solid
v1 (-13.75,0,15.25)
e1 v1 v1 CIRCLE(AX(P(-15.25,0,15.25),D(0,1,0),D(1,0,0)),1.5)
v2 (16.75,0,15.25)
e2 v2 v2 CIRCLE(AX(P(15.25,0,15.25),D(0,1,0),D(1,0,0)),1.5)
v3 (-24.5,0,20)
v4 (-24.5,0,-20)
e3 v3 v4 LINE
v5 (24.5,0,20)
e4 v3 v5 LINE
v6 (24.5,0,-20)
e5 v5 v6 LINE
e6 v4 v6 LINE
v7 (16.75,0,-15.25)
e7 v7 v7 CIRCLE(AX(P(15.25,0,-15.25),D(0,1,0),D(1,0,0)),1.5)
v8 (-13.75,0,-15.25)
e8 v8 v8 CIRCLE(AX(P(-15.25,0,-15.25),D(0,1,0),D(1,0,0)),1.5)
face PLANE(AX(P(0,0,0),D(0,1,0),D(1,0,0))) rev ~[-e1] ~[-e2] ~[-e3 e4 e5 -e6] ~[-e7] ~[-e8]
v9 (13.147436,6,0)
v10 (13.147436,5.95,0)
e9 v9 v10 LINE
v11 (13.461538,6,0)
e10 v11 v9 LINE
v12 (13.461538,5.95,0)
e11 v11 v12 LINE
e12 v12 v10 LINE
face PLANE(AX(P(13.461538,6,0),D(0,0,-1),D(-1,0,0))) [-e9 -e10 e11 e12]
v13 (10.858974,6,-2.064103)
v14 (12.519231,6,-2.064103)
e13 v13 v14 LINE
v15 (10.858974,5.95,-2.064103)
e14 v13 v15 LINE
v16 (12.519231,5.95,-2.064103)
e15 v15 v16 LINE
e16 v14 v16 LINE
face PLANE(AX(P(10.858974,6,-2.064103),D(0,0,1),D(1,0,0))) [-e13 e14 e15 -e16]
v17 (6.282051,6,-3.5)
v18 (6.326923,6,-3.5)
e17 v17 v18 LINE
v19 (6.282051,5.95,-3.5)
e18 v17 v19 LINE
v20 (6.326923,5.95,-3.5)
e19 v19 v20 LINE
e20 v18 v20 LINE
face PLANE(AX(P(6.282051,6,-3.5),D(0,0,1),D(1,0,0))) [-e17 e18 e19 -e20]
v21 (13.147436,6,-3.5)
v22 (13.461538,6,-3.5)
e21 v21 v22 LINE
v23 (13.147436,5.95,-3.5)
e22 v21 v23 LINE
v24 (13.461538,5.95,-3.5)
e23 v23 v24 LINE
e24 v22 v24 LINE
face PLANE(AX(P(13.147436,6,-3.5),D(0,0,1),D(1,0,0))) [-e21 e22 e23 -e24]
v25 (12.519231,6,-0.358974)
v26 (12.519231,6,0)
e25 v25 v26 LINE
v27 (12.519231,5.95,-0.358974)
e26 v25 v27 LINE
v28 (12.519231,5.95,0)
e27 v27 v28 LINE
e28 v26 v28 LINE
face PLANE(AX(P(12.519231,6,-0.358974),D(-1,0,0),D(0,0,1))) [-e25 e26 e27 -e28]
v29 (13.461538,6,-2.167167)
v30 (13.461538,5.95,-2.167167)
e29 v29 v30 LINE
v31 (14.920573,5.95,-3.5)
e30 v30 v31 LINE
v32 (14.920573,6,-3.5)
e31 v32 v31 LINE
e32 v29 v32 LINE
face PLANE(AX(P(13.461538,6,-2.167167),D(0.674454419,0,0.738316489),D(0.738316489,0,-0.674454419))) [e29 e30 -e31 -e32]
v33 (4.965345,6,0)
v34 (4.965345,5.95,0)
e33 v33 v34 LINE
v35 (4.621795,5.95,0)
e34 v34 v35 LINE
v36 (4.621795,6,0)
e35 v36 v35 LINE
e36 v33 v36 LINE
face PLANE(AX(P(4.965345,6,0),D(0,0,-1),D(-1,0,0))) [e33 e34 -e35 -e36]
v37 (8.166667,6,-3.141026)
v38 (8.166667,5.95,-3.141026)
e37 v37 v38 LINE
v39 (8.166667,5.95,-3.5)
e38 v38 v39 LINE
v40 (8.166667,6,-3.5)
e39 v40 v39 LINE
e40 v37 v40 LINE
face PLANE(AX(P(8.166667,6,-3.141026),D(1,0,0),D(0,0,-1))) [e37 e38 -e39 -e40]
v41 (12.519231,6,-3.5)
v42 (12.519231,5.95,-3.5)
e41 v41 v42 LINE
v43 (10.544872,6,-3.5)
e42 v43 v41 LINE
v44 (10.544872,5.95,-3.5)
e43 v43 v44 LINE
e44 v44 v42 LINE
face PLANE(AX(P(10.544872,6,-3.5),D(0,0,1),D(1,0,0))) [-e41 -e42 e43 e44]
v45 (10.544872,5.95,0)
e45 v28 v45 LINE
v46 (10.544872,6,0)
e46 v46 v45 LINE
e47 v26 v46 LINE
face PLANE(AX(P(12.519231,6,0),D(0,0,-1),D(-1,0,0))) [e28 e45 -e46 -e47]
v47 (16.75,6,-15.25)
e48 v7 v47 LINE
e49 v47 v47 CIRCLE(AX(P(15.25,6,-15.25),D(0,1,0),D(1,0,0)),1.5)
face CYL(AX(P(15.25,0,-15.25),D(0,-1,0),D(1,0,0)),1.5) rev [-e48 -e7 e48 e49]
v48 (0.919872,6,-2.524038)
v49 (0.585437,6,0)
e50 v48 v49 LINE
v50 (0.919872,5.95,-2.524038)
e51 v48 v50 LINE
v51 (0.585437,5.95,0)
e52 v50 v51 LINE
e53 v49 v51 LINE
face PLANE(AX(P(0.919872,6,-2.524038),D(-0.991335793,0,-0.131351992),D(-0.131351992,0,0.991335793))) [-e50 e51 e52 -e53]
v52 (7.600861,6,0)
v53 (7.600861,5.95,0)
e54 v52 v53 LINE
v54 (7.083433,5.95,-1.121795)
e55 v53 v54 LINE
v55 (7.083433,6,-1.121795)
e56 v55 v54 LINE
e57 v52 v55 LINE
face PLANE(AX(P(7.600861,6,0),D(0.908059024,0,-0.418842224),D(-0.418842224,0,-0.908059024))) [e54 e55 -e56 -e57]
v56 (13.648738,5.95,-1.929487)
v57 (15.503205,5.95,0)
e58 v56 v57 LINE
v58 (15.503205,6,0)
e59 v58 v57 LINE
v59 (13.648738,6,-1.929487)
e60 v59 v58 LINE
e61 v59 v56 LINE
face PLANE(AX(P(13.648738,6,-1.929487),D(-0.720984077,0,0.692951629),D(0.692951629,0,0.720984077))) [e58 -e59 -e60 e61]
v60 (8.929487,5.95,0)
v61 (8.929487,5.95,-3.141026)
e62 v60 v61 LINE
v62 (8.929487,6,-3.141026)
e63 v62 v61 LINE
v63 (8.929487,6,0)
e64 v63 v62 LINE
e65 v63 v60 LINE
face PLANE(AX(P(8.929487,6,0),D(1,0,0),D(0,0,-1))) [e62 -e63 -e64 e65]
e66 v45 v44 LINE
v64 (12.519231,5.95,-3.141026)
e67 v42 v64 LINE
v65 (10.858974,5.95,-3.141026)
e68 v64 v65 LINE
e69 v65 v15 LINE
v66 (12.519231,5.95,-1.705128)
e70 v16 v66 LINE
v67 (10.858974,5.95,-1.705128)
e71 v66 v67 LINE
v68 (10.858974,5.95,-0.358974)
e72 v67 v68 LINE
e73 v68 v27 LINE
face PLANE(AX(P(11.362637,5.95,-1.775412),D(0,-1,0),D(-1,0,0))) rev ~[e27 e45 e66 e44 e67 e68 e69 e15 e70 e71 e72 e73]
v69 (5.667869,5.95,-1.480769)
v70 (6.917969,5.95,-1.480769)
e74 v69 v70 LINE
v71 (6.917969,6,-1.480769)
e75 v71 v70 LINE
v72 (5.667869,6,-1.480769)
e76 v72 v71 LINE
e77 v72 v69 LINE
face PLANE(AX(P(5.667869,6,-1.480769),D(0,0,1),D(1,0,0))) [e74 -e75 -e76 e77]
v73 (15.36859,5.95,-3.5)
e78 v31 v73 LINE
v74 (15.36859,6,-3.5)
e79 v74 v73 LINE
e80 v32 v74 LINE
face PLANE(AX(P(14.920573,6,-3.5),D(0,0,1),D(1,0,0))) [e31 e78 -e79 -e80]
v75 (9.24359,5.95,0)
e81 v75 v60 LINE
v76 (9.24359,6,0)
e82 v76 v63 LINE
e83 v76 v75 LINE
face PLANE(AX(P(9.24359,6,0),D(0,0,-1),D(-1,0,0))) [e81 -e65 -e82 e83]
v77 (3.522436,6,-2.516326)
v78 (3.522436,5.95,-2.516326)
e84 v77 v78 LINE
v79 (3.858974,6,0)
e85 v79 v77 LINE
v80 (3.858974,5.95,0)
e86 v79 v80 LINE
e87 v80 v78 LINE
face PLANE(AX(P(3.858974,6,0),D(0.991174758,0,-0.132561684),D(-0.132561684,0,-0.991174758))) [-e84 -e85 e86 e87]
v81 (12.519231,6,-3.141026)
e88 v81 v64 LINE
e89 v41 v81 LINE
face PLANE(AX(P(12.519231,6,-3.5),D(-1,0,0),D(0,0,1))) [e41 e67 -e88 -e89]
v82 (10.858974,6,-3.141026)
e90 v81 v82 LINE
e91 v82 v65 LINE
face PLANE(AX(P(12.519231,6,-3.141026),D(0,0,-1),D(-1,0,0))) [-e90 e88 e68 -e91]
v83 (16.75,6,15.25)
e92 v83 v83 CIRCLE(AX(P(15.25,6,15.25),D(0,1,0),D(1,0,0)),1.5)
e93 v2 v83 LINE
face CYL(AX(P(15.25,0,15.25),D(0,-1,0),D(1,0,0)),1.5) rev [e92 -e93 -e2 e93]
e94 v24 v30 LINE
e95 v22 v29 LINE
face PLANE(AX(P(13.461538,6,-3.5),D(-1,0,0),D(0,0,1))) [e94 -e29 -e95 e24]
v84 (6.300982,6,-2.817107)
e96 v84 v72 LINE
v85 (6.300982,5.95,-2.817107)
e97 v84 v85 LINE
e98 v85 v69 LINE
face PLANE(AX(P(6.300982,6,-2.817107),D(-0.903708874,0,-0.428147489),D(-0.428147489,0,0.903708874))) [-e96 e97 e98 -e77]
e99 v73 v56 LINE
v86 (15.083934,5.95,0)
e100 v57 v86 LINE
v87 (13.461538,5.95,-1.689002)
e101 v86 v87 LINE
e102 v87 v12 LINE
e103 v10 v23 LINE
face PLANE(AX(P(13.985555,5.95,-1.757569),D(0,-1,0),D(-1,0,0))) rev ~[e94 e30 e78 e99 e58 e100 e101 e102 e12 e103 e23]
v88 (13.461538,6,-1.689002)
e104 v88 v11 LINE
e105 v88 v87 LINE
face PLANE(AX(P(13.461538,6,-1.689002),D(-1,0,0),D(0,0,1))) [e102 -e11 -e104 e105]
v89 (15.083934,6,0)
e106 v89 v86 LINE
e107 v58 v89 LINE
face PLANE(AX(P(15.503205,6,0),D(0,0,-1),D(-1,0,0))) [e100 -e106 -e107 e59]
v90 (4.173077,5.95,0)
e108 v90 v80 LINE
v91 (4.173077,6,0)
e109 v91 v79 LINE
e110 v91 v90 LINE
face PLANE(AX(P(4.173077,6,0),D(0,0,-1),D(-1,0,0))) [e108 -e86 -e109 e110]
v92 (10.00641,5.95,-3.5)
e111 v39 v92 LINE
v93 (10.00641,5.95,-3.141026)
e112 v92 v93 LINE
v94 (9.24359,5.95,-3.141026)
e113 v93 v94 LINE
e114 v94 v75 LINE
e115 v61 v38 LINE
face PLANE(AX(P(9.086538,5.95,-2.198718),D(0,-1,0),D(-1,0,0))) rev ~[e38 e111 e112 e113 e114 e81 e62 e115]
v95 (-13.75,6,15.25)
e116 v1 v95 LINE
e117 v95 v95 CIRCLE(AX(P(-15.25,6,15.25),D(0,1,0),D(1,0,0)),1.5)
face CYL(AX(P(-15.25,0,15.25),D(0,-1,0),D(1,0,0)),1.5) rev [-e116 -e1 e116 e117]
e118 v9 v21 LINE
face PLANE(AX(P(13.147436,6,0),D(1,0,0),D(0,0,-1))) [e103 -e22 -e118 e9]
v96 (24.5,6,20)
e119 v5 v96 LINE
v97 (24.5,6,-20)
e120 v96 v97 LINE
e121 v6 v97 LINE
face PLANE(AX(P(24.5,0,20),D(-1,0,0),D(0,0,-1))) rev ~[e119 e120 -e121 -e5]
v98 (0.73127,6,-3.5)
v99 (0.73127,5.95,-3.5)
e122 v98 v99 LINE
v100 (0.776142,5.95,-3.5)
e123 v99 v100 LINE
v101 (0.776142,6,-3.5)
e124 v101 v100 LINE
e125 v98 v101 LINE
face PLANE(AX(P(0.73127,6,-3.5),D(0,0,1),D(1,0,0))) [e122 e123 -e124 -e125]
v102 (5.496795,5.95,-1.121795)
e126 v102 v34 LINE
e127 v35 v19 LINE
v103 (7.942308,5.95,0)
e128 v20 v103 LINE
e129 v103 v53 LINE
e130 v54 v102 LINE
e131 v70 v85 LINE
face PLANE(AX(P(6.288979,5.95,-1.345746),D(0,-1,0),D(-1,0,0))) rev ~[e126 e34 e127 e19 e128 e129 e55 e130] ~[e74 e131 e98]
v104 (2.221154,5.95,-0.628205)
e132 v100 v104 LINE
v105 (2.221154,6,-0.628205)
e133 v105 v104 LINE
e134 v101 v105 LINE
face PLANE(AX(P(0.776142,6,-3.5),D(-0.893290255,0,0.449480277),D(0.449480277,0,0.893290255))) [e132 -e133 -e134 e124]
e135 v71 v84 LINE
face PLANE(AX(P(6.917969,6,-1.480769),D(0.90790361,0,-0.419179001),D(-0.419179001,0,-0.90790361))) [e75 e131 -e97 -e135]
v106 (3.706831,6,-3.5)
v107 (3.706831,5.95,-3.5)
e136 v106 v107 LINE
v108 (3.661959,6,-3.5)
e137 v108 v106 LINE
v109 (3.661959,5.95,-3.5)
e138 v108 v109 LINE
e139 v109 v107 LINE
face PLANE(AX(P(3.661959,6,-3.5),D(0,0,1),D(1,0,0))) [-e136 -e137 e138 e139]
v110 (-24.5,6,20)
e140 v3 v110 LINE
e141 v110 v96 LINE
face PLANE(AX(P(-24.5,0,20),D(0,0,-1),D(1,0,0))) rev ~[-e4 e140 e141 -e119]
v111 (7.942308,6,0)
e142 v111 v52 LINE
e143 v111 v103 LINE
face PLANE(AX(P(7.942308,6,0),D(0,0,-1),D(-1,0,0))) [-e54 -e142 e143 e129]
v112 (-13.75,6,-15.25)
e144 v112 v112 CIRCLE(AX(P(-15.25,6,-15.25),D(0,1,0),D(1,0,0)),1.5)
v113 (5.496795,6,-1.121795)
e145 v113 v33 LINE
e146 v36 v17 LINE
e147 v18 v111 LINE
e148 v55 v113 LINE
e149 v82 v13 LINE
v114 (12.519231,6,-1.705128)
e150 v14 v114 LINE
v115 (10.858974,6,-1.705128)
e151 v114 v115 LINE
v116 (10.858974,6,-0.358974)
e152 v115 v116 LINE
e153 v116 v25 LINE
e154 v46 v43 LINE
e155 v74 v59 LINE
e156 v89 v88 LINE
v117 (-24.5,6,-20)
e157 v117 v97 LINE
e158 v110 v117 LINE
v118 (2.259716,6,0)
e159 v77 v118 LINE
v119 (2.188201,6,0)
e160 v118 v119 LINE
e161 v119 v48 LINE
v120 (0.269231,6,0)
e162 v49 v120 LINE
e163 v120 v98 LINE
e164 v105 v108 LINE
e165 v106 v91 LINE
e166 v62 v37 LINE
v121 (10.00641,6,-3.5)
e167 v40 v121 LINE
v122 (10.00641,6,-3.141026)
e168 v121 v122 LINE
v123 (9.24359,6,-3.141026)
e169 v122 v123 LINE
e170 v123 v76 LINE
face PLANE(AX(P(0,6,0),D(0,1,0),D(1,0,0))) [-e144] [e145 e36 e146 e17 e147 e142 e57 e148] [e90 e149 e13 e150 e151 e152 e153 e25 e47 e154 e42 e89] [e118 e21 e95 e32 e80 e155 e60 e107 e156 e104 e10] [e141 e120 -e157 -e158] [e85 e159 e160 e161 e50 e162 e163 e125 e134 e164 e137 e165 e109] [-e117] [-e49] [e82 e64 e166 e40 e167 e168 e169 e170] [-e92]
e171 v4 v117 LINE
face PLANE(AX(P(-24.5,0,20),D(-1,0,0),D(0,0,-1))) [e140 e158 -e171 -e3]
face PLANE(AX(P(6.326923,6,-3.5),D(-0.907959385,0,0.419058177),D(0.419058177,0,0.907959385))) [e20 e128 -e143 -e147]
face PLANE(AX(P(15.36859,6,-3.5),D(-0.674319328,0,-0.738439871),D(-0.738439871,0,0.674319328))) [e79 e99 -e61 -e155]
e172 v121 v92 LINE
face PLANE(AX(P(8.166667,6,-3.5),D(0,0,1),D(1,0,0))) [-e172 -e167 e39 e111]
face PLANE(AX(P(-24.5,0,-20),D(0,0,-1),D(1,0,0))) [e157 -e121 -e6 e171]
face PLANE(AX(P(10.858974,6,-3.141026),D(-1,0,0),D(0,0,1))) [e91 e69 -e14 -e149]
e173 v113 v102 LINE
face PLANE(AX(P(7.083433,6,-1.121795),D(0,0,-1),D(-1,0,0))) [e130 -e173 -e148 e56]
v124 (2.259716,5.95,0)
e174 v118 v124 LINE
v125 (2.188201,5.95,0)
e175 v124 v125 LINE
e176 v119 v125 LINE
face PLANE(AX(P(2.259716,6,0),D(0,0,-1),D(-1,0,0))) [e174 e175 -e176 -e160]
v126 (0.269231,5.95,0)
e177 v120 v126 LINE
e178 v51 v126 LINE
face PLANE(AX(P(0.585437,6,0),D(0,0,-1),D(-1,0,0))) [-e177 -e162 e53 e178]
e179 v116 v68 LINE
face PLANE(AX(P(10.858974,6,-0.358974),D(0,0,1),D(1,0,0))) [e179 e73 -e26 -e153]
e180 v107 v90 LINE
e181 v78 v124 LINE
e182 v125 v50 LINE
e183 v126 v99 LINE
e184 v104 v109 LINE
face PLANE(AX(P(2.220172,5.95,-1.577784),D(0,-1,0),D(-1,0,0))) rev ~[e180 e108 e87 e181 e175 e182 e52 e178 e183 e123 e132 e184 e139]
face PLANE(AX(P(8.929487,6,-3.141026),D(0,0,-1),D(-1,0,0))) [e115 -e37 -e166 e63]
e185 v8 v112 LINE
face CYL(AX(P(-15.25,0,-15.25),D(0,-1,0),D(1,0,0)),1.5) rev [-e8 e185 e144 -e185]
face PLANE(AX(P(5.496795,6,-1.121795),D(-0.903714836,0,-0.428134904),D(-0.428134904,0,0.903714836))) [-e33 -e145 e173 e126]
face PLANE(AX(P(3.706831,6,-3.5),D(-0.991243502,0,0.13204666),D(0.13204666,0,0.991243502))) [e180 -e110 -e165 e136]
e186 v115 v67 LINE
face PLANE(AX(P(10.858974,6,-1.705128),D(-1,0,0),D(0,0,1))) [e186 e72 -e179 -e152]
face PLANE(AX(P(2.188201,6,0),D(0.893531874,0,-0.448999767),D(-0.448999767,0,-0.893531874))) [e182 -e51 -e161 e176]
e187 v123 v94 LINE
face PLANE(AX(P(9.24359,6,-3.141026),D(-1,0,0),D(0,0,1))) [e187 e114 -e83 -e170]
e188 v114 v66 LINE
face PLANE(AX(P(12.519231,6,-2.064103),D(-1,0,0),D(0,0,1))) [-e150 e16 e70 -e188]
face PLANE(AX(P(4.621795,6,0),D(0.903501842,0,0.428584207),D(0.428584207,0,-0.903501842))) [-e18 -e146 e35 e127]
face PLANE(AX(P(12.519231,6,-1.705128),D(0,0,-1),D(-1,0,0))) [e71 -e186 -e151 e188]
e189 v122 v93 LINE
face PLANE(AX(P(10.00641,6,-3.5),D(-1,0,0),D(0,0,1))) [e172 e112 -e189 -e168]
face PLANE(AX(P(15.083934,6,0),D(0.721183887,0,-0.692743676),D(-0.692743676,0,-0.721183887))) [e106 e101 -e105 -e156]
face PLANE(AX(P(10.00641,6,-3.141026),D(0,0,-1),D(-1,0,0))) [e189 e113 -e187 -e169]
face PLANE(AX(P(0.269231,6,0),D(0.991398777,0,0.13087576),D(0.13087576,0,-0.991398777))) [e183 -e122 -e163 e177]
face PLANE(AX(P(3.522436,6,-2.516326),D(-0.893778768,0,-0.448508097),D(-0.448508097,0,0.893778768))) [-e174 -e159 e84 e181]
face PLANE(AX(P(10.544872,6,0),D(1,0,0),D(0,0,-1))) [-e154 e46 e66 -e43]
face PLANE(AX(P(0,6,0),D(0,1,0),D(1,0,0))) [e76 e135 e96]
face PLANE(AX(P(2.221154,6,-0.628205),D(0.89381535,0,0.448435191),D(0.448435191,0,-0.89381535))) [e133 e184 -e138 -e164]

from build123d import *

# Parameters (mm, degrees)
SKETCH1_W           = 49
SKETCH1_H           = 40
SKETCH1_R           = 1.5
BOSS_EXTRUDE1_DEPTH = 6
CUT_EXTRUDE1_DEPTH  = 0.05


with BuildPart() as part:
    # Sketch1 → Boss-Extrude1 (new body)
    with BuildSketch(Plane(origin=(0, 0, 0), x_dir=(1, 0, 0), z_dir=(0, 1, 0))):
        Rectangle(SKETCH1_W, SKETCH1_H)
        with Locations((-15.25, 15.25)):
            Circle(SKETCH1_R, mode=Mode.SUBTRACT)
        with Locations((15.25, 15.25)):
            Circle(SKETCH1_R, mode=Mode.SUBTRACT)
        with Locations((15.25, -15.25)):
            Circle(SKETCH1_R, mode=Mode.SUBTRACT)
        with Locations((-15.25, -15.25)):
            Circle(SKETCH1_R, mode=Mode.SUBTRACT)
    extrude(amount=BOSS_EXTRUDE1_DEPTH)

    # Sketch2 → Cut-Extrude1 (cut)
    with BuildSketch(Plane(origin=(0, 6, 0), x_dir=(1, 0, 0), z_dir=(0, 1, 0))):
        Polygon((0.269230769, 0), (0.731270032, 3.5), (0.776141827, 3.5), (2.221153846, 0.628205128), (3.661959135, 3.5), (3.706830929, 3.5), (4.173076923, 0), (3.858974359, 0), (3.522435897, 2.516326122), (2.259715545, 0), (2.188201122, 0), (0.919871795, 2.524038462), (0.585436699, 0), align=None)
        Polygon((6.326923077, 3.5), (7.942307692, 0), (7.600861378, 0), (7.083433494, 1.121794872), (5.496794872, 1.121794872), (4.965344551, 0), (4.621794872, 0), (6.282051282, 3.5), align=None)
        Polygon((6.300981571, 2.817107372), (5.66786859, 1.480769231), (6.91796875, 1.480769231), align=None, mode=Mode.SUBTRACT)
        Polygon((8.166666667, 3.141025641), (8.166666667, 3.5), (10.006410256, 3.5), (10.006410256, 3.141025641), (9.243589744, 3.141025641), (9.243589744, 0), (8.929487179, 0), (8.929487179, 3.141025641), align=None)
        Polygon((10.544871795, 3.5), (12.519230769, 3.5), (12.519230769, 3.141025641), (10.858974359, 3.141025641), (10.858974359, 2.064102564), (12.519230769, 2.064102564), (12.519230769, 1.705128205), (10.858974359, 1.705128205), (10.858974359, 0.358974359), (12.519230769, 0.358974359), (12.519230769, 0), (10.544871795, 0), align=None)
        Polygon((13.147435897, 3.5), (13.461538462, 3.5), (13.461538462, 2.167167468), (14.920572917, 3.5), (15.368589744, 3.5), (13.648737981, 1.929487179), (15.503205128, 0), (15.083934295, 0), (13.461538462, 1.689002404), (13.461538462, 0), (13.147435897, 0), align=None)
    extrude(amount=-CUT_EXTRUDE1_DEPTH, mode=Mode.SUBTRACT)


solid = part.part
